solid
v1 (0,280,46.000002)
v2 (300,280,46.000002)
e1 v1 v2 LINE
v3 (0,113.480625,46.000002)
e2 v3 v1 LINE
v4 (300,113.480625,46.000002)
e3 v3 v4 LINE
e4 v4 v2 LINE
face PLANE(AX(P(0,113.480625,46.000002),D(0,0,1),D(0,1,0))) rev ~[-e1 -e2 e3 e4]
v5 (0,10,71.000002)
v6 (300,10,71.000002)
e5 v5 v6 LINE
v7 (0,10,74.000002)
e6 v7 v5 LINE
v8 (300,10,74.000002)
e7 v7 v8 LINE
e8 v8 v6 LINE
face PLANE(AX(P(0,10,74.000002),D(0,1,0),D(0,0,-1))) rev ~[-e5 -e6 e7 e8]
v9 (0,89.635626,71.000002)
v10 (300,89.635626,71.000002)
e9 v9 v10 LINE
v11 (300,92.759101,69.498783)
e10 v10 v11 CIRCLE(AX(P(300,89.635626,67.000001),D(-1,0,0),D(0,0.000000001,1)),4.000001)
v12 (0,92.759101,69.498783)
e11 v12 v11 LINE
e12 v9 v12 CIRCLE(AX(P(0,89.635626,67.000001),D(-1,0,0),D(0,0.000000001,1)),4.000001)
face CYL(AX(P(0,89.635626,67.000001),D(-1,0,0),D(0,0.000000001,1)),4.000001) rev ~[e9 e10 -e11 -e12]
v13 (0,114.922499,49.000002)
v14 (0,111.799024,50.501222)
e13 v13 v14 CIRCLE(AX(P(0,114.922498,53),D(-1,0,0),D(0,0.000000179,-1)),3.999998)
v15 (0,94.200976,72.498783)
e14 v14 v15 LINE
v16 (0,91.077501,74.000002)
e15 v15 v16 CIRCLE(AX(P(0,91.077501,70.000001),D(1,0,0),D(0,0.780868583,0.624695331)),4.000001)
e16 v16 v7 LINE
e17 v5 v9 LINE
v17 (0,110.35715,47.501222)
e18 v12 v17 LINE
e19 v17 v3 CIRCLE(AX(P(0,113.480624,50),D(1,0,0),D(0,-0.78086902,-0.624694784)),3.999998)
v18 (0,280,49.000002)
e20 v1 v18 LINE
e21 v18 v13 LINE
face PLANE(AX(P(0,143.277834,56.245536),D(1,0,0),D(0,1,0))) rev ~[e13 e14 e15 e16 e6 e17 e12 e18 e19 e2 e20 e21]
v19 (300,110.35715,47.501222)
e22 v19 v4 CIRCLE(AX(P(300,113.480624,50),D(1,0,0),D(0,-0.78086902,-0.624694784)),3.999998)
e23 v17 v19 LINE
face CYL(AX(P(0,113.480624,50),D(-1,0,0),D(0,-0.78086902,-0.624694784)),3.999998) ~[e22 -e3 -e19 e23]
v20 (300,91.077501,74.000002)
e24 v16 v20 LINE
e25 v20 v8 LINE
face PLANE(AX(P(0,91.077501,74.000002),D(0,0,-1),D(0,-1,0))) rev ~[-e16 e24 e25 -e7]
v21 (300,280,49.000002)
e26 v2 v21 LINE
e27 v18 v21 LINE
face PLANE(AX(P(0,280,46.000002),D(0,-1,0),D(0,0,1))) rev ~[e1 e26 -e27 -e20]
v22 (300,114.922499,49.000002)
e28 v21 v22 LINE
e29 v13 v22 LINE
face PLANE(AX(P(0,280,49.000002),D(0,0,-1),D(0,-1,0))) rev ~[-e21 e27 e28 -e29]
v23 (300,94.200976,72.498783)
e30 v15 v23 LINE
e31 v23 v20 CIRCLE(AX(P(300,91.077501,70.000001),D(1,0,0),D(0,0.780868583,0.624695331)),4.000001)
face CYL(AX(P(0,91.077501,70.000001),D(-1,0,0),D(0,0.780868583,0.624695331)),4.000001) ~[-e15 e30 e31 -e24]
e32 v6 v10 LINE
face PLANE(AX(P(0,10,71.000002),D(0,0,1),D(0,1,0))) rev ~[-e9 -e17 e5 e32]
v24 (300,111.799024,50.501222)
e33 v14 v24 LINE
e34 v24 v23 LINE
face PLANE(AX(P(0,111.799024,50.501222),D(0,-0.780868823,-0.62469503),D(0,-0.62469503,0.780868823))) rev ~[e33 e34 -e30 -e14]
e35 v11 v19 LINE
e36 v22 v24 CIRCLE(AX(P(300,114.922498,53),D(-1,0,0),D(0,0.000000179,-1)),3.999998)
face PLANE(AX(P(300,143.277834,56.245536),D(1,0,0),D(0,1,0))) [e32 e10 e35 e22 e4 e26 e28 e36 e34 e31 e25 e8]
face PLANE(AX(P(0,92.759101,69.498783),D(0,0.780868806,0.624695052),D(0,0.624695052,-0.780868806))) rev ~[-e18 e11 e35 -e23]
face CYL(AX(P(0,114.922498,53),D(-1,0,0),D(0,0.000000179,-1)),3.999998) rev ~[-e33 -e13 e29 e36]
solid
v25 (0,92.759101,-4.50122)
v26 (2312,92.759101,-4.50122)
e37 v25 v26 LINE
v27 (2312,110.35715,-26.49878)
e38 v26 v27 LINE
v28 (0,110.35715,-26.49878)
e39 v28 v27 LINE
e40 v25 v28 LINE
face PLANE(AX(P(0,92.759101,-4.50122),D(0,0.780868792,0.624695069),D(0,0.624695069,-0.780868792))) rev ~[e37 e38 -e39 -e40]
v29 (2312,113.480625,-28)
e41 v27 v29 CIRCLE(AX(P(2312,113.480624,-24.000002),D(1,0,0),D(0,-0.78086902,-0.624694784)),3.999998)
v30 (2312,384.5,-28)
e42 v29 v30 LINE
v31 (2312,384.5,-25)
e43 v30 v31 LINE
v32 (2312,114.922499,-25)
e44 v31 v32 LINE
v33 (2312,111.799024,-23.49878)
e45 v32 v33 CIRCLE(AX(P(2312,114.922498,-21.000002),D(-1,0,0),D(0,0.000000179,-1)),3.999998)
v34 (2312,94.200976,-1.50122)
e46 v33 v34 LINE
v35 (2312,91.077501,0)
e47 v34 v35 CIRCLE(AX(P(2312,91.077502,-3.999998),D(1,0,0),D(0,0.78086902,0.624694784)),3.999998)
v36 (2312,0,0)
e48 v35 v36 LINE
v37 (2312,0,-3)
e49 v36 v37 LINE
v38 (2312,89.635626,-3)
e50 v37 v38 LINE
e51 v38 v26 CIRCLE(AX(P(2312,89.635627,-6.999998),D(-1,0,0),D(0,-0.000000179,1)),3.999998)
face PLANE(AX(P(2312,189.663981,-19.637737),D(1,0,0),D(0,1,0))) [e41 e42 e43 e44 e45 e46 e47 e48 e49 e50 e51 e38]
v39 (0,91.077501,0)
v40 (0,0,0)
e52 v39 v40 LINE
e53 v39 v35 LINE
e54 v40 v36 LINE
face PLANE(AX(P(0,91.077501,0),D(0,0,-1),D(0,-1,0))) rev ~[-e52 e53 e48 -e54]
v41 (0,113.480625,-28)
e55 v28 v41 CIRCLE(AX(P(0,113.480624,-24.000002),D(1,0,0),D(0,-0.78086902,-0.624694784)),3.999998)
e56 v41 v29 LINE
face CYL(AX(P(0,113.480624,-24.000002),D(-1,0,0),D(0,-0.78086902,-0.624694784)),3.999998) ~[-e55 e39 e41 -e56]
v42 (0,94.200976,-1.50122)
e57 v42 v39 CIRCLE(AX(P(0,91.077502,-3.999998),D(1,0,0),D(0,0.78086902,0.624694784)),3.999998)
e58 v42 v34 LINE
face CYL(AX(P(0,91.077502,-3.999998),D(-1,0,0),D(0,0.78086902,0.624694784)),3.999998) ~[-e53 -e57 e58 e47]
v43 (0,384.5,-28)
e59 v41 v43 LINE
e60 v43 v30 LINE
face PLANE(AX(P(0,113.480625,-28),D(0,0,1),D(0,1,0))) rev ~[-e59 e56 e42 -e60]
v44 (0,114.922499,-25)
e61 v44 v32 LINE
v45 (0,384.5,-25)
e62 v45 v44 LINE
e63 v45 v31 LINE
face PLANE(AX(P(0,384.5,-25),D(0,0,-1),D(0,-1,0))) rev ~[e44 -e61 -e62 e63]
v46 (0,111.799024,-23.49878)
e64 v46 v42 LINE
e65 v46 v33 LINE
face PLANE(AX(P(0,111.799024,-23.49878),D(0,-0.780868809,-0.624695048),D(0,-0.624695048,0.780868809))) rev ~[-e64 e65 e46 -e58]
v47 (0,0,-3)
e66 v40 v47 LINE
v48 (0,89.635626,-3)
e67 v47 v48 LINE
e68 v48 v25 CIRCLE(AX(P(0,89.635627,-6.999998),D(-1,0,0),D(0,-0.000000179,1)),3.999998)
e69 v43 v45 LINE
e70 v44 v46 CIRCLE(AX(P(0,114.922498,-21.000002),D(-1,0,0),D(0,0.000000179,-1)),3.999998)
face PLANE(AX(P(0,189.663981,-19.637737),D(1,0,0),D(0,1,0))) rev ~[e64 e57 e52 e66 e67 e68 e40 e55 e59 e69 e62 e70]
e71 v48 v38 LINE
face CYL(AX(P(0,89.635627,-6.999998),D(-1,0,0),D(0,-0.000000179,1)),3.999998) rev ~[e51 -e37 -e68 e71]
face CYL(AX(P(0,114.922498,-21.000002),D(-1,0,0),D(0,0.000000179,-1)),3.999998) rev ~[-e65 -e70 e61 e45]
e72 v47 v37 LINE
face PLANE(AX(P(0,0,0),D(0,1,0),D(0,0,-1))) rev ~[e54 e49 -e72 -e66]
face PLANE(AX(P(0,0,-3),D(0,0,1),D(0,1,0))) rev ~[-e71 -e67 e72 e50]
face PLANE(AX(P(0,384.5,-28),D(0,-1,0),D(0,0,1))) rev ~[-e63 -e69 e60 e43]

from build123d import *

# Parameters (mm, degrees)
F1_DEPTH = 2312
F3_DEPTH = 300


with BuildPart() as f1:
    # F0 (on Right) → F1 (new body)
    with BuildSketch(Plane.YZ):
        with BuildLine():
            Line((91.077501, 0), (0, 0))
            Line((0, 0), (0, -3))
            Line((0, -3), (89.635626, -3))
            ThreePointArc((89.635626, -3), (91.368381, -3.394787), (92.759101, -4.50122))
            Line((92.759101, -4.50122), (110.35715, -26.49878))
            ThreePointArc((110.35715, -26.49878), (111.74787, -27.605213), (113.480625, -28))
            Line((113.480625, -28), (384.5, -28))
            Line((384.5, -28), (384.5, -25))
            Line((384.5, -25), (114.922499, -25))
            ThreePointArc((114.922499, -25), (113.189744, -24.605213), (111.799024, -23.49878))
            Line((111.799024, -23.49878), (94.200976, -1.50122))
            ThreePointArc((94.200976, -1.50122), (92.810256, -0.394787), (91.077501, 0))
        make_face()
    extrude(amount=F1_DEPTH)


with BuildPart() as f3:
    # F2 (on Right) → F3 (new body)
    with BuildSketch(Plane.YZ):
        with BuildLine():
            Line((91.077501, 74.000002), (10, 74.000002))
            Line((10, 74.000002), (10, 71.000002))
            Line((10, 71.000002), (89.635626, 71.000002))
            ThreePointArc((89.635626, 71.000002), (91.368381, 70.605215), (92.759101, 69.498783))
            Line((92.759101, 69.498783), (110.35715, 47.501222))
            ThreePointArc((110.35715, 47.501222), (111.74787, 46.394789), (113.480625, 46.000002))
            Line((113.480625, 46.000002), (280, 46.000002))
            Line((280, 46.000002), (280, 49.000002))
            Line((280, 49.000002), (114.922499, 49.000002))
            ThreePointArc((114.922499, 49.000002), (113.189744, 49.394789), (111.799024, 50.501222))
            Line((111.799024, 50.501222), (94.200976, 72.498783))
            ThreePointArc((94.200976, 72.498783), (92.810256, 73.605215), (91.077501, 74.000002))
        make_face()
    extrude(amount=F3_DEPTH)


solid = Compound([f1.part, f3.part])
